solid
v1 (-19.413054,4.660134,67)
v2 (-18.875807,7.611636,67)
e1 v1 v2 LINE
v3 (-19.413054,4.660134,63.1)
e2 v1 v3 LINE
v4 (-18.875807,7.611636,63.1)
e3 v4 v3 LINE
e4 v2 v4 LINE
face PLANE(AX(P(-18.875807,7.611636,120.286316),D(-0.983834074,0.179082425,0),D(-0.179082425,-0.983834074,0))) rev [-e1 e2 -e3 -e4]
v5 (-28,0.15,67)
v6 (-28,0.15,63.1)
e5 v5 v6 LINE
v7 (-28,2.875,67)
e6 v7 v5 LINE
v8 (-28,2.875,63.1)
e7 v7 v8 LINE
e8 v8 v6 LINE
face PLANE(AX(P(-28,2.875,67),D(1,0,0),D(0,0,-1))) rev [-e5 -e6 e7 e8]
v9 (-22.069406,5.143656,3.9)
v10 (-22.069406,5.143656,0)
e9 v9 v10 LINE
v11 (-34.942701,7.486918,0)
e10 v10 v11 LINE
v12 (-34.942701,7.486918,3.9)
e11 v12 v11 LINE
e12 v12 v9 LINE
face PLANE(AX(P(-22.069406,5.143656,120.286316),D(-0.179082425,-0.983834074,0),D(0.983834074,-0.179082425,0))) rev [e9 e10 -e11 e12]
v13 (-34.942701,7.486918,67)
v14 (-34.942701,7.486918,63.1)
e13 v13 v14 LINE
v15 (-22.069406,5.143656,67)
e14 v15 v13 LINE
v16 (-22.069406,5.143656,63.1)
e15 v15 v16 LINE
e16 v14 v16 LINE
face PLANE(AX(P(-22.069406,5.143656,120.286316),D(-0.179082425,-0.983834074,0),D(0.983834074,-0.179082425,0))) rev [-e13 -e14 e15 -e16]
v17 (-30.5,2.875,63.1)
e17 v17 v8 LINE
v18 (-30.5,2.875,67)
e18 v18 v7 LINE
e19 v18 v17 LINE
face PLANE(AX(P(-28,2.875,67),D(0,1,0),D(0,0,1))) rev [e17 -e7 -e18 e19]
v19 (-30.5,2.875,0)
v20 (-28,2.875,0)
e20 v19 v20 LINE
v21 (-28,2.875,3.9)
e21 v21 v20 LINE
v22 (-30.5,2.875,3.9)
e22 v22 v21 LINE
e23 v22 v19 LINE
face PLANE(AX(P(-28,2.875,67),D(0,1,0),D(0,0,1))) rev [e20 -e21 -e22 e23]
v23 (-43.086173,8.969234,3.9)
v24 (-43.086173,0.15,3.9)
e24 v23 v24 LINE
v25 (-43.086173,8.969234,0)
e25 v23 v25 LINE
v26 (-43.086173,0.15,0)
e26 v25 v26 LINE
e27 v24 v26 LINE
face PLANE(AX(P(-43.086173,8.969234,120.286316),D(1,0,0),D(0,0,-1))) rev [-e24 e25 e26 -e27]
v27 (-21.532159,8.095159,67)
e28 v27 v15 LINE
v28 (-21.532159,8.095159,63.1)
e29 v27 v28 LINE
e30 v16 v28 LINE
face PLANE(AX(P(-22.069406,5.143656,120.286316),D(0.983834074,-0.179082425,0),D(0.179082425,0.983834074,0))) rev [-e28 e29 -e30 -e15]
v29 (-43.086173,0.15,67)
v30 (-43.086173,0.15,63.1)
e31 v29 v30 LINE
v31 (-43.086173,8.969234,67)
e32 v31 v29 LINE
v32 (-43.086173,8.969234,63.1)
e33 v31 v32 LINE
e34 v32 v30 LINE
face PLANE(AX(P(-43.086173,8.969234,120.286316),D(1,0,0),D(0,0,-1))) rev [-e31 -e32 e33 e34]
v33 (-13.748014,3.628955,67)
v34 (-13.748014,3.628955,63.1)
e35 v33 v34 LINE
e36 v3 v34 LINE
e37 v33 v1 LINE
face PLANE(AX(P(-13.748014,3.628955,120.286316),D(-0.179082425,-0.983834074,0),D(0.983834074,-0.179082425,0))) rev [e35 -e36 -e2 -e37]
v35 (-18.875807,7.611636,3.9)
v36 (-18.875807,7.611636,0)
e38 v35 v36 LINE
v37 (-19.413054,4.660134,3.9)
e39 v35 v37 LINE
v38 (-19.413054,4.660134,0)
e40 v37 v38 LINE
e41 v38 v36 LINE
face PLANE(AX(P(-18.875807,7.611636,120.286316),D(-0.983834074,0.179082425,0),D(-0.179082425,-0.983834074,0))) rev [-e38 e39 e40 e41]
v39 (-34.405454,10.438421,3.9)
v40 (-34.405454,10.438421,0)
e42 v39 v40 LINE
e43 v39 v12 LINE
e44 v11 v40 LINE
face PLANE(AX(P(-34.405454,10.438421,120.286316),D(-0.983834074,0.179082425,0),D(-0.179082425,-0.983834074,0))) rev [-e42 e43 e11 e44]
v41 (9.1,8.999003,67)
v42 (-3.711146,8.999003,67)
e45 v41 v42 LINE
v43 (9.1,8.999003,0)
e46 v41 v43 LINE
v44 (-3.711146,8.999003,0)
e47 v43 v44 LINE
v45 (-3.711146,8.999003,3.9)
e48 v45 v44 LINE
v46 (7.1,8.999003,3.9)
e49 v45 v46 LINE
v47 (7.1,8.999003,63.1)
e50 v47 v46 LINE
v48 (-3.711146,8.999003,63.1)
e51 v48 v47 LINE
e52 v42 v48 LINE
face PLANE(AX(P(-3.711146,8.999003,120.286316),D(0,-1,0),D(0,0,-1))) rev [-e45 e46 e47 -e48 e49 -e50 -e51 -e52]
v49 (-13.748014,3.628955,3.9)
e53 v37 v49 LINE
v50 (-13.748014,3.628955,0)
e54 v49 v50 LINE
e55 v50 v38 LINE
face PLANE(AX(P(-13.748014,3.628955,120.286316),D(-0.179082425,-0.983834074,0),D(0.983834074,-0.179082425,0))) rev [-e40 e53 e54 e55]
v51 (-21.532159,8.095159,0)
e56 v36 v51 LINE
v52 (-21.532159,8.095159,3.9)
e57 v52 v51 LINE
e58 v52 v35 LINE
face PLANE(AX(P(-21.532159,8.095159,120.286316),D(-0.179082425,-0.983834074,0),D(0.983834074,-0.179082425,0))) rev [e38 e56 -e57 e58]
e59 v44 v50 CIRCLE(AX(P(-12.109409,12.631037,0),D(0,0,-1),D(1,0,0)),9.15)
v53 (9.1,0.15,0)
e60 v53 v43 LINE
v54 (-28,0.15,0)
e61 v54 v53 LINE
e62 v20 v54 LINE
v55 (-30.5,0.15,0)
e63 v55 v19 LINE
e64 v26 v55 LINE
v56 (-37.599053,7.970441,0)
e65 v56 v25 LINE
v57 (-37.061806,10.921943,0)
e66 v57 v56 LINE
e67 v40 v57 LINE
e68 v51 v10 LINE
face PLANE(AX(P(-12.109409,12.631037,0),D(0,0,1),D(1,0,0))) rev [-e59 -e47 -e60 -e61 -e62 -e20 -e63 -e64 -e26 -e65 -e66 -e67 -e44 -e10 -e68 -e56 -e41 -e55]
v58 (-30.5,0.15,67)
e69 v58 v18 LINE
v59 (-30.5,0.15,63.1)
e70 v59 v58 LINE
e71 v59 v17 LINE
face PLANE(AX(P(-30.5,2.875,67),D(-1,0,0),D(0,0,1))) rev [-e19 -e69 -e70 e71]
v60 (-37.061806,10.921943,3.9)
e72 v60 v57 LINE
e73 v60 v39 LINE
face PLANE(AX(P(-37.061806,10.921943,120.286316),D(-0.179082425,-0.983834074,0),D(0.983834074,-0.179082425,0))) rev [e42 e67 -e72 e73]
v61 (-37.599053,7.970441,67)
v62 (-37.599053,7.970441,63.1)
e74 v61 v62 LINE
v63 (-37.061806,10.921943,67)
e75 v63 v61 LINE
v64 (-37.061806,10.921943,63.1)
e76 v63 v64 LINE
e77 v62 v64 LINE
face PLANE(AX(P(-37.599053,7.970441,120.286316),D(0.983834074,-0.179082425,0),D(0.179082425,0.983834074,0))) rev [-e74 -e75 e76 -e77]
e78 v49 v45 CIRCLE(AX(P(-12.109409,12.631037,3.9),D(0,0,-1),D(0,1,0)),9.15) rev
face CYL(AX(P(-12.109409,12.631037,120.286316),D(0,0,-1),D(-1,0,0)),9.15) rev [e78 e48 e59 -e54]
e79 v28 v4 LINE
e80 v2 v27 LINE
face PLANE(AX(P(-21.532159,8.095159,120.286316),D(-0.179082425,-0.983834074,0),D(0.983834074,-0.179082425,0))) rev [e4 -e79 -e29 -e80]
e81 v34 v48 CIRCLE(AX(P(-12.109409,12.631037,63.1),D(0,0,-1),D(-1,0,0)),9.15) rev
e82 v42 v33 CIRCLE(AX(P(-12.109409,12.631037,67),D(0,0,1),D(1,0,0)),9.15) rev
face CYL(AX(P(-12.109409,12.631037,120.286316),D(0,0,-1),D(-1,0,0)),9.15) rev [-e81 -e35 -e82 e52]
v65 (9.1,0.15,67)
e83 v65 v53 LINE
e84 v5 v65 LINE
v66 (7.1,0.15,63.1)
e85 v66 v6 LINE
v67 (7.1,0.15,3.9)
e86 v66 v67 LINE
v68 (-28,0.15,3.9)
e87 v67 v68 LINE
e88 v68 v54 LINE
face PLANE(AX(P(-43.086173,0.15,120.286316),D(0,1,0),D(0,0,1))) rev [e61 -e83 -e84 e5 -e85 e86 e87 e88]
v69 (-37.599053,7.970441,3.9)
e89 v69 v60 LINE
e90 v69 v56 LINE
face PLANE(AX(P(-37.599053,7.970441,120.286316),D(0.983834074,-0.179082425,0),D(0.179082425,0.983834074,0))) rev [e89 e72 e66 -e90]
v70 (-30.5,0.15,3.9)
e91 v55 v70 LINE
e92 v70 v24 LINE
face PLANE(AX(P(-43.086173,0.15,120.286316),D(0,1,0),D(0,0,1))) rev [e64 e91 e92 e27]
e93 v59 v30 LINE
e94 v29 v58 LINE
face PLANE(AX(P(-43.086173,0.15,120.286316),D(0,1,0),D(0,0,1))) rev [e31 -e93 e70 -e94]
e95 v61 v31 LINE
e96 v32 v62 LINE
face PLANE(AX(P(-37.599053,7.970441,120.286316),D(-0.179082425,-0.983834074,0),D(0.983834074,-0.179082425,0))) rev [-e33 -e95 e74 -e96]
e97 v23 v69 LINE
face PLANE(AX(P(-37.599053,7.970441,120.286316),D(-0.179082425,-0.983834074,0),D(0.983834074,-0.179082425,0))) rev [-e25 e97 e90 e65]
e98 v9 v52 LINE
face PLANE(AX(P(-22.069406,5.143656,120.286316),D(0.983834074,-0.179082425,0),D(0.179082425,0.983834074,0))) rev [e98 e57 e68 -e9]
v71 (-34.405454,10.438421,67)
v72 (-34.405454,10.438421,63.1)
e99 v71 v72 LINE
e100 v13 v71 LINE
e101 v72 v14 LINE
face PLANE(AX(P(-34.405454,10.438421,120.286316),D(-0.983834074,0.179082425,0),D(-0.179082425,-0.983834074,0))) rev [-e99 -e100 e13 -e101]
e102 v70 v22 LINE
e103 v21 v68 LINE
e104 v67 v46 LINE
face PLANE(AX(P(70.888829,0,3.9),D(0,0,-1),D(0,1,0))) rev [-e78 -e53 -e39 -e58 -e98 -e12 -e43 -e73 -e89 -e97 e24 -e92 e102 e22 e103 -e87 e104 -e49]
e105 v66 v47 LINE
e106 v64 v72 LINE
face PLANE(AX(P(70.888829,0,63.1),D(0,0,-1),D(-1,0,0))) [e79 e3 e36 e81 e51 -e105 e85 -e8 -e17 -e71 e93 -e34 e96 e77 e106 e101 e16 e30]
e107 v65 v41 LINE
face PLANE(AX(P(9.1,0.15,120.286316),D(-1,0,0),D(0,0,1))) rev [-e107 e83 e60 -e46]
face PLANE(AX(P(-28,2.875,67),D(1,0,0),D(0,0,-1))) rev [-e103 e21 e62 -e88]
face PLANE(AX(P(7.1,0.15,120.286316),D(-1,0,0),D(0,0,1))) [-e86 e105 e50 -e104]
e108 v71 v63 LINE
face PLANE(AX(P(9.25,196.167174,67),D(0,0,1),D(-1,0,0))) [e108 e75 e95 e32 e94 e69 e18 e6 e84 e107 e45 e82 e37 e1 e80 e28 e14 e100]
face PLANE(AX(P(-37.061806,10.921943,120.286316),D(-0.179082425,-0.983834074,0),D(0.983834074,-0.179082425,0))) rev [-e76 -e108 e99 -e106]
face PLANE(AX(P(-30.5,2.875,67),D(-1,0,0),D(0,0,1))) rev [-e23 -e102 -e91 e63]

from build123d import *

# Parameters (mm, degrees)
BOSS_EXTRUDE1_DEPTH = 67
SKETCH2_W           = 59.2
SKETCH2_H           = 17.698005222
CUT_EXTRUDE1_DEPTH  = 50.18617341
SKETCH3_W           = 2.5
SKETCH3_H           = 2.875
CUT_EXTRUDE2_DEPTH  = 81.40340279


with BuildPart() as part:
    # Sketch1 → Boss-Extrude1 (new body)
    with BuildSketch(Plane.XY):
        with BuildLine():
            Line((-13.748013557, 3.628954741), (-19.413054129, 4.660133913))
            Line((-19.413054129, 4.660133913), (-18.875806853, 7.611636134))
            Line((-18.875806853, 7.611636134), (-21.532158853, 8.095158683))
            Line((-21.532158853, 8.095158683), (-22.069406129, 5.143656461))
            Line((-22.069406129, 5.143656461), (-34.942701024, 7.48691833))
            Line((-34.942701024, 7.48691833), (-34.405453748, 10.438420552))
            Line((-34.405453748, 10.438420552), (-37.061805748, 10.9219431))
            Line((-37.061805748, 10.9219431), (-37.599053024, 7.970440879))
            Line((-37.599053024, 7.970440879), (-43.08617341, 8.969234123))
            Line((-43.08617341, 8.969234123), (-43.08617341, 0.15))
            Line((-43.08617341, 0.15), (9.1, 0.15))
            Line((9.1, 0.15), (9.1, 8.999002611))
            Line((9.1, 8.999002611), (-3.711145872, 8.999002611))
            ThreePointArc((-3.711145872, 8.999002611), (-7.792859586, 4.563205458), (-13.748013557, 3.628954741))
        make_face()
    extrude(amount=BOSS_EXTRUDE1_DEPTH)

    # Sketch2 → Cut-Extrude1 (cut)
    with BuildSketch(Plane.ZY.offset(43.08617341)):
        with Locations((33.5, 8.999002611)):
            Rectangle(SKETCH2_W, SKETCH2_H)
    extrude(amount=-CUT_EXTRUDE1_DEPTH, mode=Mode.SUBTRACT)

    # Sketch3 → Cut-Extrude2 (cut, through all)
    with BuildSketch(Plane(origin=(0, 0, 0), x_dir=(-1, 0, 0), z_dir=(0, 0, -1))):
        with Locations((29.25, 1.4375)):
            Rectangle(SKETCH3_W, SKETCH3_H)
    extrude(amount=-CUT_EXTRUDE2_DEPTH, mode=Mode.SUBTRACT)


solid = part.part
